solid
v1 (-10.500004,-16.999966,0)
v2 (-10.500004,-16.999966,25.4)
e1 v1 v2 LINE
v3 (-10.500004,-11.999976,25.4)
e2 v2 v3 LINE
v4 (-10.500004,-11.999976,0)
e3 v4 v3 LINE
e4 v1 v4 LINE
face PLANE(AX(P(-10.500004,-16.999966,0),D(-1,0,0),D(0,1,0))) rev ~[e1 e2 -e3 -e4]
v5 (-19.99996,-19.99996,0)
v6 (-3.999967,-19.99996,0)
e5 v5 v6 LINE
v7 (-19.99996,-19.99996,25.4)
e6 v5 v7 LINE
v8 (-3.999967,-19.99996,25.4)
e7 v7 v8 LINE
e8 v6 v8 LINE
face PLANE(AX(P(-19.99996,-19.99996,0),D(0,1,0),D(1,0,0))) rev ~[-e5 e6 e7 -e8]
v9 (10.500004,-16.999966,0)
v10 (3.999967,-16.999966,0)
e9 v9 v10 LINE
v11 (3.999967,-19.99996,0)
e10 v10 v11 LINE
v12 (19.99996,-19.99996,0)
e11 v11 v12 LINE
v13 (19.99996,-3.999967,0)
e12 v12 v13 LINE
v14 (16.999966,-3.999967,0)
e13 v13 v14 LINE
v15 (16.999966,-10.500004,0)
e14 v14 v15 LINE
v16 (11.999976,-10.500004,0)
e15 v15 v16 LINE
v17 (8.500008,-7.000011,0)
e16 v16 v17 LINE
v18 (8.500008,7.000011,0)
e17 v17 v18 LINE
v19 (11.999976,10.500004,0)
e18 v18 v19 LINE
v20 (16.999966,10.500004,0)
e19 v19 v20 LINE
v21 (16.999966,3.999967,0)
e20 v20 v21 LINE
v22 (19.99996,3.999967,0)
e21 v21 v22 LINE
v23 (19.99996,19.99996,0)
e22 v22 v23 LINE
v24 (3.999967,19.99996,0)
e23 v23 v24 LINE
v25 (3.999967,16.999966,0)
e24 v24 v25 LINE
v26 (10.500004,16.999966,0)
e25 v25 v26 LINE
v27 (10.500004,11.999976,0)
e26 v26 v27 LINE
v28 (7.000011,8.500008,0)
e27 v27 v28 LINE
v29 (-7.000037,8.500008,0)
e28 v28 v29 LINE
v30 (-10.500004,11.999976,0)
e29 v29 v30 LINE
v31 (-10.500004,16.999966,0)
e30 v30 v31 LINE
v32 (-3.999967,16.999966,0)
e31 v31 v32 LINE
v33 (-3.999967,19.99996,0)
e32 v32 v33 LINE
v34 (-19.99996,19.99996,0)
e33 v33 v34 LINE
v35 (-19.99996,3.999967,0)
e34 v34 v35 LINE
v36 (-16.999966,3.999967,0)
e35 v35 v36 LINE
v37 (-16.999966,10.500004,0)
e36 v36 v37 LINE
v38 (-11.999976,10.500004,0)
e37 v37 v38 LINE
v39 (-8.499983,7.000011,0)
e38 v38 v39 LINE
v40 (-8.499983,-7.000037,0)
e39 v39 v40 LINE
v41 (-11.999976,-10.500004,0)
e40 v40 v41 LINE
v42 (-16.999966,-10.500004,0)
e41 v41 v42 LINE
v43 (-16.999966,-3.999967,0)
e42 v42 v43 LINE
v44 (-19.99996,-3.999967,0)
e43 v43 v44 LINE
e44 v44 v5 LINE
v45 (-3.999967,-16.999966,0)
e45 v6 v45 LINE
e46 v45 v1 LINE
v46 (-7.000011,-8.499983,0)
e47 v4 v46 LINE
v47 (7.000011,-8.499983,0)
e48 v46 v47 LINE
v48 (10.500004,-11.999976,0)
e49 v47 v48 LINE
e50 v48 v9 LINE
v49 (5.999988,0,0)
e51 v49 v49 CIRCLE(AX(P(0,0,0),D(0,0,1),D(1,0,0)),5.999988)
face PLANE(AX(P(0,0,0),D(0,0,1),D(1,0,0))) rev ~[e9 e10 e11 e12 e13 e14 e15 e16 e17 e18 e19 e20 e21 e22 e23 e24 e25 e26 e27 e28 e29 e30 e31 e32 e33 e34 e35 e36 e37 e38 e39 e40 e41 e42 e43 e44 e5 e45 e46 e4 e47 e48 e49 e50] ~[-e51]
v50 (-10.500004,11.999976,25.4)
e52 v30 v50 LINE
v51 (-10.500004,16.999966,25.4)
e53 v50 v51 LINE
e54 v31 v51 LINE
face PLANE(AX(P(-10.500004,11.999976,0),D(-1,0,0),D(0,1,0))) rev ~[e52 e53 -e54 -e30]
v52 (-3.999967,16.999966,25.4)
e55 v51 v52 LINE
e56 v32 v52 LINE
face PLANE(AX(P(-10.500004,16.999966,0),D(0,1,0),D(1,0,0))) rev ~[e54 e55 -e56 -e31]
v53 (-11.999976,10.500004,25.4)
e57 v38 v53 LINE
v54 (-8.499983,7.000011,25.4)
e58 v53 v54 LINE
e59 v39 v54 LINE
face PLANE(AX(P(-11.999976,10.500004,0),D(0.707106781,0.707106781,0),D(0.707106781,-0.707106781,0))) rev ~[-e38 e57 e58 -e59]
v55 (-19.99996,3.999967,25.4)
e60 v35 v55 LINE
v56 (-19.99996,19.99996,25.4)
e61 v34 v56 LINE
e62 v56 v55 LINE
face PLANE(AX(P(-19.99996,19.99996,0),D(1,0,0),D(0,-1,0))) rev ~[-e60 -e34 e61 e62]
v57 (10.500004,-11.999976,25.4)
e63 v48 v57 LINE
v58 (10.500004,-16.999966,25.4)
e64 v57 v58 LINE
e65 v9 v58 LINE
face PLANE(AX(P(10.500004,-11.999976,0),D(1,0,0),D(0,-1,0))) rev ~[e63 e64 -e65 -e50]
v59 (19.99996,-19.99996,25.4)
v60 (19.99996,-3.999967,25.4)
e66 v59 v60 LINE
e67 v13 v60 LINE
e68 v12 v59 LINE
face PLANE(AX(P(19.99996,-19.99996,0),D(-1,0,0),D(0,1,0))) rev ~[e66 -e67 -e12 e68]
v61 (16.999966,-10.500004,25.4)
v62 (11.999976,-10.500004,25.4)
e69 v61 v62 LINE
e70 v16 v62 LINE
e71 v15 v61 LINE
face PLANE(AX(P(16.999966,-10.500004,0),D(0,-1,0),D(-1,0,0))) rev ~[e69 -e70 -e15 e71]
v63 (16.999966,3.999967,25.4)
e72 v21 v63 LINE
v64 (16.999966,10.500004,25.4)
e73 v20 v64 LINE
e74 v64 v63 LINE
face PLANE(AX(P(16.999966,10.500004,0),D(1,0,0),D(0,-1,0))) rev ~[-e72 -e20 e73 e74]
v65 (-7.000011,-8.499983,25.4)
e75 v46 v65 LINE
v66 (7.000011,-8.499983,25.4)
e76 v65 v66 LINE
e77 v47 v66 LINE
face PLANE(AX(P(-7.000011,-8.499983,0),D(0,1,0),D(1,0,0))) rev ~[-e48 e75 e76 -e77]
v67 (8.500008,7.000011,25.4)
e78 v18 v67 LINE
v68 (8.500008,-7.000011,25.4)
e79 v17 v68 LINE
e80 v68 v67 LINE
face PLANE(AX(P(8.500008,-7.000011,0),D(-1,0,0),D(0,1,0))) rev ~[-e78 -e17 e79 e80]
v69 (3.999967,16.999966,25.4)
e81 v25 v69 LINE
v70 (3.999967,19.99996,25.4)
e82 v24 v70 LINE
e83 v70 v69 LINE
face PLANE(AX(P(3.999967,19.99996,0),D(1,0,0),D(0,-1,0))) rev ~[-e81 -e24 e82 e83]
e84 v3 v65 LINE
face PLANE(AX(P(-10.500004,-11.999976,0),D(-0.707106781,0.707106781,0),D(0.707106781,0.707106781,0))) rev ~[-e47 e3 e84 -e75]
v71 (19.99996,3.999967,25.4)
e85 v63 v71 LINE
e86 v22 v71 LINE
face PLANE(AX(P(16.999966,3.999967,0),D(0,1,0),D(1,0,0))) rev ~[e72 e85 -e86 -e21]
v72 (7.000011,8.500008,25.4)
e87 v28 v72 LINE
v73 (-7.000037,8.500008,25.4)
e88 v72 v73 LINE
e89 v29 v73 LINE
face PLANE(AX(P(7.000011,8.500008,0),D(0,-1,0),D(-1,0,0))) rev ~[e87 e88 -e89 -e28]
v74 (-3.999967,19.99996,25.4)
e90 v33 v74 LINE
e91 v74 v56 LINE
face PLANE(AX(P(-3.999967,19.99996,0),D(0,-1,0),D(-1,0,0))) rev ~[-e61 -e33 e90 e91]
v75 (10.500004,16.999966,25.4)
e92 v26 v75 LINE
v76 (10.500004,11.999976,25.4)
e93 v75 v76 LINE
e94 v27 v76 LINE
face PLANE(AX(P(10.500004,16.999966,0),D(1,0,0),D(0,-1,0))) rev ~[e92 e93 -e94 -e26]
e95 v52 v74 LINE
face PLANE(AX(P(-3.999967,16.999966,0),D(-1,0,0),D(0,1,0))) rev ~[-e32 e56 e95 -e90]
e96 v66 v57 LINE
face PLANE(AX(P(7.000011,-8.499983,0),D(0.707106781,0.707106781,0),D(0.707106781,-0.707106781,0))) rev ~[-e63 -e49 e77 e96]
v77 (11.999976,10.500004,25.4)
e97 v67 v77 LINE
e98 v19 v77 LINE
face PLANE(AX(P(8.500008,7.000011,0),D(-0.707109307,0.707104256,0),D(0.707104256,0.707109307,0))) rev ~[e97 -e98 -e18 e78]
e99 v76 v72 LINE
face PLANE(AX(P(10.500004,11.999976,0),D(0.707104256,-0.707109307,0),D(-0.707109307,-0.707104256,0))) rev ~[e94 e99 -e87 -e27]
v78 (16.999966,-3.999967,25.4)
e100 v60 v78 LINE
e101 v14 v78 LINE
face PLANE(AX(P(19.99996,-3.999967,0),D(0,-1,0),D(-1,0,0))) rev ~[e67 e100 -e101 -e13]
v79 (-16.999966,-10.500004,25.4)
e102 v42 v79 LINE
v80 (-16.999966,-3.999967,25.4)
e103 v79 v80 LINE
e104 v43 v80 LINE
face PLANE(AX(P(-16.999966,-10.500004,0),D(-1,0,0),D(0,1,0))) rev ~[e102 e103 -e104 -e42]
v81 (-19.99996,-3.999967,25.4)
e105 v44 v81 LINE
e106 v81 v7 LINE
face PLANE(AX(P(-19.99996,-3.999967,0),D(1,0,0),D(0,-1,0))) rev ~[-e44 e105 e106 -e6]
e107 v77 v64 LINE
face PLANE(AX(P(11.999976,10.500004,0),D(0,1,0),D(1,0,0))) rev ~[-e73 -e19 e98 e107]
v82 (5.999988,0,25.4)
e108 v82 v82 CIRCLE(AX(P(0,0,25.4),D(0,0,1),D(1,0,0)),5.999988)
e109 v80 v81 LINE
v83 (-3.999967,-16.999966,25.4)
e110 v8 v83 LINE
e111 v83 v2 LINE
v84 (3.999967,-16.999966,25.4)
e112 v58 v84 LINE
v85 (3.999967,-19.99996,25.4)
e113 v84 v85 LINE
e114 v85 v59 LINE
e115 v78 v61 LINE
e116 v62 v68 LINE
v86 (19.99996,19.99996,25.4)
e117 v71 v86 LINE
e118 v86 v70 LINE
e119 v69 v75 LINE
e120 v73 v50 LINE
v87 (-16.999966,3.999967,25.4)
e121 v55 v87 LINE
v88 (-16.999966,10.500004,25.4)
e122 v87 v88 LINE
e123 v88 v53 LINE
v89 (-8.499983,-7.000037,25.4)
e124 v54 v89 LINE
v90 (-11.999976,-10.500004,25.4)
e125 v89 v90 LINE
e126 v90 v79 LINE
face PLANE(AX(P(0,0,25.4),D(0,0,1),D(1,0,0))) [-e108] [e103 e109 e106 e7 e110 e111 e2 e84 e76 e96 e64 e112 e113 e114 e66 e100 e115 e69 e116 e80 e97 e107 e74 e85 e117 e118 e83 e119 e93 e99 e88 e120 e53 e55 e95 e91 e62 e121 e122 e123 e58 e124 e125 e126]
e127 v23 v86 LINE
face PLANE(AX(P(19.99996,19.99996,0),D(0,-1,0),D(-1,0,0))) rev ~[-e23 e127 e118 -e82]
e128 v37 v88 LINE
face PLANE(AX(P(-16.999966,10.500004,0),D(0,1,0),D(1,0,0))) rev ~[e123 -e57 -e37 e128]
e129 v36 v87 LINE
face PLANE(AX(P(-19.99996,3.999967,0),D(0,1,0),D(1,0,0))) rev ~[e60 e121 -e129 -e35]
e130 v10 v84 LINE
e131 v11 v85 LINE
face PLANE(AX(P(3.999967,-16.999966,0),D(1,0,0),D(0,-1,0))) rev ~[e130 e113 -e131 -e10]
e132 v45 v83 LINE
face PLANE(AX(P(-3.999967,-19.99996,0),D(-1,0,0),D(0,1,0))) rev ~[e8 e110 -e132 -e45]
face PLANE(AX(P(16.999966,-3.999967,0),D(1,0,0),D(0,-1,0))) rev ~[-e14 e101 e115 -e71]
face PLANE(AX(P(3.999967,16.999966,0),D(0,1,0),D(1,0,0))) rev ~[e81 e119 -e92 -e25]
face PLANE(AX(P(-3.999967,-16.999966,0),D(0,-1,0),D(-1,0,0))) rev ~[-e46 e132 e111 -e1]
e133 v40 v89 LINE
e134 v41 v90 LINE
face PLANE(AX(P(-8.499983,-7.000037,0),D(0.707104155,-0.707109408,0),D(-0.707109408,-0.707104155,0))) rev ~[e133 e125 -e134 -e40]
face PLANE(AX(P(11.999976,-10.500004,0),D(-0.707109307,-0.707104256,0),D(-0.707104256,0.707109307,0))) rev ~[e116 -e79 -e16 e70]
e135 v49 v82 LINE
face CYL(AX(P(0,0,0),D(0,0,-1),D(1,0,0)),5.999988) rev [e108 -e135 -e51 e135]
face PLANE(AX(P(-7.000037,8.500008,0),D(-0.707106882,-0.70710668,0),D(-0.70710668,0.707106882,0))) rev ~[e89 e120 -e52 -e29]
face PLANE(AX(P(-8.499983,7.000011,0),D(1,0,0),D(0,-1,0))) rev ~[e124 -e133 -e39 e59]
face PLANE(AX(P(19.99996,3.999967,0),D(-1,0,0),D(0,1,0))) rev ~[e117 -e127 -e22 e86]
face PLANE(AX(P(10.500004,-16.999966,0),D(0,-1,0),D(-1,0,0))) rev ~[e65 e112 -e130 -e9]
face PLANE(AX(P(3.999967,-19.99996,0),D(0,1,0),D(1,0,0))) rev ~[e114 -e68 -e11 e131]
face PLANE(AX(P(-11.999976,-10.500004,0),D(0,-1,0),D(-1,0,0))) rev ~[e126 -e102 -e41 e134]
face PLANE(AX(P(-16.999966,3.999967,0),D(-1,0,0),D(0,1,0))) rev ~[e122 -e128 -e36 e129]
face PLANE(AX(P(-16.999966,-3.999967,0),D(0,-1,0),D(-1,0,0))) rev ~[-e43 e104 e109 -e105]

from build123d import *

# Parameters (mm, degrees)
F0_R     = 5.999988
F1_DEPTH = 25.4


with BuildPart() as f1:
    # F0 (on Top) → F1 (new body)
    with BuildSketch(Plane.XY):
        Polygon((3.999967, 19.99996), (3.999967, 16.999966), (10.500004, 16.999966), (10.500004, 11.999976), (7.000011, 8.500008), (-7.000037, 8.500008), (-10.500004, 11.999976), (-10.500004, 16.999966), (-3.999967, 16.999966), (-3.999967, 19.99996), (-19.99996, 19.99996), (-19.99996, 3.999967), (-16.999966, 3.999967), (-16.999966, 10.500004), (-11.999976, 10.500004), (-8.499983, 7.000011), (-8.499983, -7.000037), (-11.999976, -10.500004), (-16.999966, -10.500004), (-16.999966, -3.999967), (-19.99996, -3.999967), (-19.99996, -19.99996), (-3.999967, -19.99996), (-3.999967, -16.999966), (-10.500004, -16.999966), (-10.500004, -11.999976), (-7.000011, -8.499983), (7.000011, -8.499983), (10.500004, -11.999976), (10.500004, -16.999966), (3.999967, -16.999966), (3.999967, -19.99996), (19.99996, -19.99996), (19.99996, -3.999967), (16.999966, -3.999967), (16.999966, -10.500004), (11.999976, -10.500004), (8.500008, -7.000011), (8.500008, 7.000011), (11.999976, 10.500004), (16.999966, 10.500004), (16.999966, 3.999967), (19.99996, 3.999967), (19.99996, 19.99996), align=None)
        Circle(F0_R, mode=Mode.SUBTRACT)
    extrude(amount=F1_DEPTH)


solid = f1.part
